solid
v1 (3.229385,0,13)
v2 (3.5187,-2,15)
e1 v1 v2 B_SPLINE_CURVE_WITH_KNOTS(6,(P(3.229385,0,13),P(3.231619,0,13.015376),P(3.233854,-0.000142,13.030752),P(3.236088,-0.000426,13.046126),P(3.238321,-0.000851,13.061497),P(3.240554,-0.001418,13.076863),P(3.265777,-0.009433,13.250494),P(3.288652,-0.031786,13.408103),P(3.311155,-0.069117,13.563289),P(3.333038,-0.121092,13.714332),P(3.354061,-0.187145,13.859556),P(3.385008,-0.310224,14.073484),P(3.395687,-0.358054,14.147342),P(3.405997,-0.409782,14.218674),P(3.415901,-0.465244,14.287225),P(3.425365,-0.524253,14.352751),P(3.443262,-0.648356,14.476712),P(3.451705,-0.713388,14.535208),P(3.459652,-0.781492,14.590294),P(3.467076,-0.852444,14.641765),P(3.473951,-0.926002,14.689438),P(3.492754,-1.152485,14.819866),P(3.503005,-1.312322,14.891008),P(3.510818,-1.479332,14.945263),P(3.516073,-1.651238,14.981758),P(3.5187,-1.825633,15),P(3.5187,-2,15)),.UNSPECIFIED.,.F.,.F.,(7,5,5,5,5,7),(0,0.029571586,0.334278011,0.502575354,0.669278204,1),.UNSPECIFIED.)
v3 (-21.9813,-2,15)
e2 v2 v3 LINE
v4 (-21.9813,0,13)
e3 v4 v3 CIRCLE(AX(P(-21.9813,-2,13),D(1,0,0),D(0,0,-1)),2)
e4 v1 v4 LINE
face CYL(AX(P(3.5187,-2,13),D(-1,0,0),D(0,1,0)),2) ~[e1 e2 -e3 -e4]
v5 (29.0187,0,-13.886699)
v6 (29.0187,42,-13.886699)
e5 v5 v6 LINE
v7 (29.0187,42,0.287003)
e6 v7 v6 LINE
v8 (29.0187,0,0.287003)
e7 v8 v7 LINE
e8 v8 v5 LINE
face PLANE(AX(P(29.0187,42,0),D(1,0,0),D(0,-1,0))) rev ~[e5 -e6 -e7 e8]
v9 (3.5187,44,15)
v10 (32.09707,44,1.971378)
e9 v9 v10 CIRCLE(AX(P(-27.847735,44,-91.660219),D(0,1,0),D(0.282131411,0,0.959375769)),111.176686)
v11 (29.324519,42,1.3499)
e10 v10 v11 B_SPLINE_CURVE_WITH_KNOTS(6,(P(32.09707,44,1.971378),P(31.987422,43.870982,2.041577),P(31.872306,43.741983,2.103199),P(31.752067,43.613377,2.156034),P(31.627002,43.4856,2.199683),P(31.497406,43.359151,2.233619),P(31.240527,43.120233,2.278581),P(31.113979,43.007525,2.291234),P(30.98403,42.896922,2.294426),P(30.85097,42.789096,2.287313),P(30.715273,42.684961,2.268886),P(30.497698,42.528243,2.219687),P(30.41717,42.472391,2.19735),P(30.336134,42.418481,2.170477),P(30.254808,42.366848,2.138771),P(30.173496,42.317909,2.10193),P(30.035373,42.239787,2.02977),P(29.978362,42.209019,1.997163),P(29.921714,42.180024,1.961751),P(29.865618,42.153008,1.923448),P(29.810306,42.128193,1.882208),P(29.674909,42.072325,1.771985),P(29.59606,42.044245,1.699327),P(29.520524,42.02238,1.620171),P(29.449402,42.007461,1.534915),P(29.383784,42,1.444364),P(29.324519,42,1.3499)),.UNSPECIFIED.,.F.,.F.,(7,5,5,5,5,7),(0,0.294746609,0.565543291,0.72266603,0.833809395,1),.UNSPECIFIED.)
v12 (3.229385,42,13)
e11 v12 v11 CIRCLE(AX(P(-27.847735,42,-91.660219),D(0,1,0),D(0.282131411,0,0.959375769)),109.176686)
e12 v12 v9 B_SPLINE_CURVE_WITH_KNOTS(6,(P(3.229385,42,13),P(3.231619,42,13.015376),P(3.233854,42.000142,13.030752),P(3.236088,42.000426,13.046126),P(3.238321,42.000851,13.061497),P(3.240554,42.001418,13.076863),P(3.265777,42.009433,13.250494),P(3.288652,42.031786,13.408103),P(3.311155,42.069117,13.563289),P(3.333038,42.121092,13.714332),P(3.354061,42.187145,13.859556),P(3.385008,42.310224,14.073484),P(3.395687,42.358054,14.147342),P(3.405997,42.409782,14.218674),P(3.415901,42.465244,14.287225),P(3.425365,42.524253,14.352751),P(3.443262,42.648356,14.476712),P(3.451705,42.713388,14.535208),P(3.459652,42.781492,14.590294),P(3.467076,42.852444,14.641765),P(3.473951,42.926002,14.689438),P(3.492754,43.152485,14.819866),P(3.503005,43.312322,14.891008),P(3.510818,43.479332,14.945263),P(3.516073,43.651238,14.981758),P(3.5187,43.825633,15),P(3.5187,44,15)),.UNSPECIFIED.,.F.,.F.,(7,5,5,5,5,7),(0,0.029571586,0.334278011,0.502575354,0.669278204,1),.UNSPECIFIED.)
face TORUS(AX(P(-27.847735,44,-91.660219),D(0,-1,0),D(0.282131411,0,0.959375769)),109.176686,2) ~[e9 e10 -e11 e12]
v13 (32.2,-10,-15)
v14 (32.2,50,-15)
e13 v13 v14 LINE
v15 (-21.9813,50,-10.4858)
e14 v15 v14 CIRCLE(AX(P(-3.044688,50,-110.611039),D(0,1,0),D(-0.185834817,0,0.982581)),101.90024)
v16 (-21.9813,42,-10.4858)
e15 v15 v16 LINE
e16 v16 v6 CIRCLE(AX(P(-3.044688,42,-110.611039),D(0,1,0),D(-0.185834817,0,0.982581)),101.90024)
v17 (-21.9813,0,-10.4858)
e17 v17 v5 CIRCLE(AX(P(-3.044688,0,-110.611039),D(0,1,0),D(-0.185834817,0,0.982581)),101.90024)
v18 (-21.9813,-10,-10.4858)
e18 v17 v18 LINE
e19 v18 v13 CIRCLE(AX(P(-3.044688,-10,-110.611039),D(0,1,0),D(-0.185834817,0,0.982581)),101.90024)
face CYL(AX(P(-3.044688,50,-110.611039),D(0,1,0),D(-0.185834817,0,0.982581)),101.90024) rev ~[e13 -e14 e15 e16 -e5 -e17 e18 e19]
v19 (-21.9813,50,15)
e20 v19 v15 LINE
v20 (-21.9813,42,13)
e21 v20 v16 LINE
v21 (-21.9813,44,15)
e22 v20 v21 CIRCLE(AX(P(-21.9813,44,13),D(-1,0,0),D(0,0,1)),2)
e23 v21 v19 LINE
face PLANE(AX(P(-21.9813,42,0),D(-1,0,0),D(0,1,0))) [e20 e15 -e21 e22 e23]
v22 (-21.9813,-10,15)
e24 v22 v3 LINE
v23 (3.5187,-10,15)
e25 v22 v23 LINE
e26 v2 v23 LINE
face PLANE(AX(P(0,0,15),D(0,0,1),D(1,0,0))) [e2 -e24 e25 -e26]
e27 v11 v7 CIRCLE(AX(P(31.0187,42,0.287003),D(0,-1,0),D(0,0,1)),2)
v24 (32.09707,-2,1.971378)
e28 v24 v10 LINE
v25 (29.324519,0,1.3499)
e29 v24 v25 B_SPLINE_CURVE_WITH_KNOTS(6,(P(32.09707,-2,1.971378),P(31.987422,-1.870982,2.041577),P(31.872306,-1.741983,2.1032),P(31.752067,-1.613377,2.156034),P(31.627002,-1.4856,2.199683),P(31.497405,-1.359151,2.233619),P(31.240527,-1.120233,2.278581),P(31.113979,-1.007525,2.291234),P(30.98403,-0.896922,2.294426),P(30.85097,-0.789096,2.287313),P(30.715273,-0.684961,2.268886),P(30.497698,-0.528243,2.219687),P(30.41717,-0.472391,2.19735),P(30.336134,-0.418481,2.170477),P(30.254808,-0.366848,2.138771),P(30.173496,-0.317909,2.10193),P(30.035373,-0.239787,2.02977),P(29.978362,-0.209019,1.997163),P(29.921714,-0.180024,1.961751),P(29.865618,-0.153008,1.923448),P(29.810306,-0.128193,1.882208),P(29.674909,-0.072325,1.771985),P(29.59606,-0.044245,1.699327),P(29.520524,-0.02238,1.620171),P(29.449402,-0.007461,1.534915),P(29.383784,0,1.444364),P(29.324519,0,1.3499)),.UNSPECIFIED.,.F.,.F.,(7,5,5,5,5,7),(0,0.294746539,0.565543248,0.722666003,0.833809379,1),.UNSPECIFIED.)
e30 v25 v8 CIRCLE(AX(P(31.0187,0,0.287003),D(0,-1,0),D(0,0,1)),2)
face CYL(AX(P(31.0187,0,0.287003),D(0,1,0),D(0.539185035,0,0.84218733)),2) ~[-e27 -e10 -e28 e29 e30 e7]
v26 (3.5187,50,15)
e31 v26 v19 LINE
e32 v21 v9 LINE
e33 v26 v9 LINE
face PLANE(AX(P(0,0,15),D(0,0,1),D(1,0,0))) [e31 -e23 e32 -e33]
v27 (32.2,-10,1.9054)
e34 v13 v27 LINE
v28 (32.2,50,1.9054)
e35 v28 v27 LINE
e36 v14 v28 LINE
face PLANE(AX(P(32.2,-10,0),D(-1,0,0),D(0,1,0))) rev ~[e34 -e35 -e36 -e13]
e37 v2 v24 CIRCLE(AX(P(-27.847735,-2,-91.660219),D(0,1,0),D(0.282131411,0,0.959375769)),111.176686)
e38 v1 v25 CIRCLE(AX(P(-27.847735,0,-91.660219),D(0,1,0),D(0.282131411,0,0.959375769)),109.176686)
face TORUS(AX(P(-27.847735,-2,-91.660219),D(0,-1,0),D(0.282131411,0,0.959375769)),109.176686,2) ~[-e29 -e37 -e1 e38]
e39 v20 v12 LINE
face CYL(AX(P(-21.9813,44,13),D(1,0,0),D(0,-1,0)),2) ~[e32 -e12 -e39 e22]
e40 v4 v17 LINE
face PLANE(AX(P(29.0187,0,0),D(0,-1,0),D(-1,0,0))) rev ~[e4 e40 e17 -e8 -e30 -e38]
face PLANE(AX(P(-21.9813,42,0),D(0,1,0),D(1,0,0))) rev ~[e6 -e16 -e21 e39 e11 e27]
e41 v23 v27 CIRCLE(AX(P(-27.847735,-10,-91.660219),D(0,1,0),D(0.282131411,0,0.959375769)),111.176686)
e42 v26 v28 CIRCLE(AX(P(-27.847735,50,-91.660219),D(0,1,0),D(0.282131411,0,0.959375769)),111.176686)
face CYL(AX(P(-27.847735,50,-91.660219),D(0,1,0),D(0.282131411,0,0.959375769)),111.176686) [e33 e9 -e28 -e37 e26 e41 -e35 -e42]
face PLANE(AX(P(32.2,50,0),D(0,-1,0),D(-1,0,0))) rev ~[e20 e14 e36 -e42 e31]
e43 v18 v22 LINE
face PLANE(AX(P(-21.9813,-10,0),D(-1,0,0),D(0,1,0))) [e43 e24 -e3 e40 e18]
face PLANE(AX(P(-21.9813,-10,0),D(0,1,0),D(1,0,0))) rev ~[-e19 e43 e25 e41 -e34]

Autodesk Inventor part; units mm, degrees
ref_plane "YZ Plane" through (0, 0, 0) normal (1, 0, 0) x (0, 1, 0)
ref_plane "XZ Plane" through (0, 0, 0) normal (0, 1, 0) x (-1, 0, 0)
ref_plane "XY Plane" through (0, 0, 0) normal (0, 0, 1) x (1, 0, 0)
sketch "Skizze1" plane through (0, 0, 0) normal (0, 0, 1) x (1, 0, 0)
  line L0 (9, 36) -> (9, 6) construction
  line L1 (-9, 36) -> (9, 36) construction
  line L2 (-9, 6) -> (-9, 36) construction
  line L3 (-9, 6) -> (9, 6) construction
  line L4 (9, 36) -> (9, 6) construction
  line L5 (-9, 42) -> (9, 42) construction
  line L6 (9, 6) -> (9, 0) construction
  line L7 (-9, 42) -> (-31, 42) construction
  line L8 (2.1623, -5) -> (-7.3221, -5) construction
  line L9 (-9, 0) -> (9, 0) construction
  line L10 (2.1623, 6.8548) -> (2.1623, -5) construction
  line L11 (4.0374, -5) -> (4.0374, 6.8548) construction
  line L12 (4.0374, -5) -> (2.1623, -5) construction
  line L13 (9, 42) -> (9, 36) construction
  line L14 (32.5442, 50) -> (-21.2, 50) construction
  line L15 (-22.4813, -15) -> (-22.4813, 53) construction
  arc A0 (-22.4813, 53) -> (-24.4813, 55) centre (-24.4813, 53) ccw construction
  arc A1 (-24.6813, -15) -> (-22.6813, -13) centre (-24.6813, -13) ccw construction
  line L16 (-22.6813, -13) -> (-22.6813, -12) construction
  line L17 (-24.4813, -13) -> (-47, -13) construction
  line L18 (-24.4813, 53) -> (-24.4813, -13) construction
  line L19 (-47, 53) -> (-24.4813, 53) construction
  line L20 (-47, -13) -> (-47, 53) construction
  line L21 (-9, 6) -> (-9, 0) construction
  line L22 (-8.7, -6) -> (-8.7, -4) construction
  line L23 (-8.7, -6) -> (-8.7, -4) construction
  line L24 (-8.7, -4) -> (-7.7, -4) construction
  line L25 (-7.7, -4) -> (-7.7, -6) construction
  line L26 (-7.7, -6) -> (-4.7, -6) construction
  line L27 (-4.7, 1) -> (-4.7, -6) construction
  line L28 (-4.7, 1) -> (-9.7, 1) construction
  line L29 (-9.7, 1) -> (-9.7, -6) construction
  line L30 (-9.7, -6) -> (-8.7, -6) construction
  line L31 (-9, 0.5858) -> (-9, 7.4142) construction
  line L32 (-31, 0) -> (-9, 0) construction
  line L33 (-21.2, 52) -> (-21.2, 50) construction
  line L34 (-21.2, -10) -> (32.5442, -10) construction
  line L35 (-21.2, -10) -> (-21.2, -12) construction
  line L36 (32.2, 50) -> (32.2, 35.4011) construction
  line L37 (32.2, 4.5989) -> (32.2, -10) construction
  line L38 (-21.9813, -10) -> (32.2, -10)
  line L39 (32.2, -10) -> (32.2, 50)
  line L40 (32.2, 50) -> (-21.9813, 50)
  line L41 (-21.9813, 42) -> (29.0187, 42)
  line L42 (29.0187, 42) -> (29.0187, 0)
  line L43 (29.0187, 0) -> (-21.9813, 0)
  line L44 (-21.9813, -10) -> (-21.9813, 0)
  line L45 (-21.9813, 42) -> (-21.9813, 50)
  point P0 (0, 0)
extrude "Extrusion1" add sketch "Skizze1" along normal mid plane 30
sketch "Skizze2" plane through (-21.9813, 50, 15) normal (0, 1, 0) x (1, 0, 0)
  circle A0 centre (33.5439, 8.6575) radius 2.15 construction
  circle A1 centre (12.1205, 3.0946) radius 2.15 construction
  arc A2 (-10.3687, -0.3954) -> (-6.0687, -0.3954) centre (-8.2187, -0.3954) ccw construction
  line L0 (-10.3687, -0.3954) -> (-10.3687, 4.6046) construction
  arc A3 (-6.0687, 4.6046) -> (-10.3687, 4.6046) centre (-8.2187, 4.6046) ccw construction
  line L1 (-6.0687, 4.6046) -> (-6.0687, -0.3954) construction
  line L2 (-6.0687, 21.1993) -> (-6.0687, 16.1993) construction
  arc A4 (-10.3687, 16.1993) -> (-6.0687, 16.1993) centre (-8.2187, 16.1993) ccw construction
  line L3 (-10.3687, 16.1993) -> (-10.3687, 21.1993) construction
  arc A5 (-6.0687, 21.1993) -> (-10.3687, 21.1993) centre (-8.2187, 21.1993) ccw construction
  line L4 (58.3, 29.6207) -> (63.3, 29.6207) construction
  line L5 (58.3, 29.6207) -> (58.3, 23.282) construction
  line L6 (58.3, 23.282) -> (57.1813, 23.282) construction
  line L7 (57.1813, 23.282) -> (57.1813, 29.0056) construction
  arc A6 (-9.2981, 25.6207) -> (57.1813, 29.0056) centre (18.9366, 125.6108) ccw construction
  line L8 (-18.2187, 25.6207) -> (-9.2981, 25.6207) construction
  line L9 (-18.2187, -4.3793) -> (-18.2187, 25.6207) construction
  line L10 (-2.7, -4.3793) -> (-18.2187, -4.3793) construction
  arc A7 (-0.7916, -2.3814) -> (-2.7, -4.3793) centre (-0.7, -4.3793) ccw construction
  arc A8 (-0.7916, -2.3814) -> (63.3, 22.1907) centre (-5.7872, 106.5198) ccw construction
  line L11 (63.3, 29.6207) -> (63.3, 22.1907) construction
  arc A9 (-0.7, -4.3793) -> (62.5308, 19.0147) centre (-5.7872, 106.5198) ccw construction
  arc A10 (-0.7, 25.6207) -> (57.1813, 31.16) centre (18.9366, 125.6108) ccw construction
  arc A11 (-0.7, 25.6207) -> (57.1813, 31.16) centre (18.9366, 125.6108) ccw construction
  line L12 (51, 0) -> (0, 0) construction
  line L13 (54.1813, 0) -> (54.1813, 30) construction
  arc A12 (25.5, 0) -> (54.1813, 13.0946) centre (-5.8671, 106.662) ccw
  line L14 (0, 0) -> (0, 30) construction
  arc A13 (0, 25.4858) -> (54.1813, 30) centre (18.9366, 125.6108) ccw
  line L15 (54.1813, 0) -> (25.5, 0)
  line L16 (54.1813, 13.0946) -> (54.1813, 0)
  line L17 (0, 25.9057) -> (0, 30)
  line L18 (0, 30) -> (51, 30) projected
  line L19 (0, 30) -> (54.1813, 30)
  line L20 (0, 25.9057) -> (0, 25.4858)
  point P0 (21.9813, 15)
extrude "Extrusion2" cut sketch "Skizze2" against normal through all
fillet "Rundung1" radius 2 5 edges at (16.6181, 0, 10.237) (-9.2313, 0, 15) (-9.2313, 42, 15) (16.6181, 42, 10.237) (29.0187, 21, 3.8723)
properties part number "Stiff_motor"
